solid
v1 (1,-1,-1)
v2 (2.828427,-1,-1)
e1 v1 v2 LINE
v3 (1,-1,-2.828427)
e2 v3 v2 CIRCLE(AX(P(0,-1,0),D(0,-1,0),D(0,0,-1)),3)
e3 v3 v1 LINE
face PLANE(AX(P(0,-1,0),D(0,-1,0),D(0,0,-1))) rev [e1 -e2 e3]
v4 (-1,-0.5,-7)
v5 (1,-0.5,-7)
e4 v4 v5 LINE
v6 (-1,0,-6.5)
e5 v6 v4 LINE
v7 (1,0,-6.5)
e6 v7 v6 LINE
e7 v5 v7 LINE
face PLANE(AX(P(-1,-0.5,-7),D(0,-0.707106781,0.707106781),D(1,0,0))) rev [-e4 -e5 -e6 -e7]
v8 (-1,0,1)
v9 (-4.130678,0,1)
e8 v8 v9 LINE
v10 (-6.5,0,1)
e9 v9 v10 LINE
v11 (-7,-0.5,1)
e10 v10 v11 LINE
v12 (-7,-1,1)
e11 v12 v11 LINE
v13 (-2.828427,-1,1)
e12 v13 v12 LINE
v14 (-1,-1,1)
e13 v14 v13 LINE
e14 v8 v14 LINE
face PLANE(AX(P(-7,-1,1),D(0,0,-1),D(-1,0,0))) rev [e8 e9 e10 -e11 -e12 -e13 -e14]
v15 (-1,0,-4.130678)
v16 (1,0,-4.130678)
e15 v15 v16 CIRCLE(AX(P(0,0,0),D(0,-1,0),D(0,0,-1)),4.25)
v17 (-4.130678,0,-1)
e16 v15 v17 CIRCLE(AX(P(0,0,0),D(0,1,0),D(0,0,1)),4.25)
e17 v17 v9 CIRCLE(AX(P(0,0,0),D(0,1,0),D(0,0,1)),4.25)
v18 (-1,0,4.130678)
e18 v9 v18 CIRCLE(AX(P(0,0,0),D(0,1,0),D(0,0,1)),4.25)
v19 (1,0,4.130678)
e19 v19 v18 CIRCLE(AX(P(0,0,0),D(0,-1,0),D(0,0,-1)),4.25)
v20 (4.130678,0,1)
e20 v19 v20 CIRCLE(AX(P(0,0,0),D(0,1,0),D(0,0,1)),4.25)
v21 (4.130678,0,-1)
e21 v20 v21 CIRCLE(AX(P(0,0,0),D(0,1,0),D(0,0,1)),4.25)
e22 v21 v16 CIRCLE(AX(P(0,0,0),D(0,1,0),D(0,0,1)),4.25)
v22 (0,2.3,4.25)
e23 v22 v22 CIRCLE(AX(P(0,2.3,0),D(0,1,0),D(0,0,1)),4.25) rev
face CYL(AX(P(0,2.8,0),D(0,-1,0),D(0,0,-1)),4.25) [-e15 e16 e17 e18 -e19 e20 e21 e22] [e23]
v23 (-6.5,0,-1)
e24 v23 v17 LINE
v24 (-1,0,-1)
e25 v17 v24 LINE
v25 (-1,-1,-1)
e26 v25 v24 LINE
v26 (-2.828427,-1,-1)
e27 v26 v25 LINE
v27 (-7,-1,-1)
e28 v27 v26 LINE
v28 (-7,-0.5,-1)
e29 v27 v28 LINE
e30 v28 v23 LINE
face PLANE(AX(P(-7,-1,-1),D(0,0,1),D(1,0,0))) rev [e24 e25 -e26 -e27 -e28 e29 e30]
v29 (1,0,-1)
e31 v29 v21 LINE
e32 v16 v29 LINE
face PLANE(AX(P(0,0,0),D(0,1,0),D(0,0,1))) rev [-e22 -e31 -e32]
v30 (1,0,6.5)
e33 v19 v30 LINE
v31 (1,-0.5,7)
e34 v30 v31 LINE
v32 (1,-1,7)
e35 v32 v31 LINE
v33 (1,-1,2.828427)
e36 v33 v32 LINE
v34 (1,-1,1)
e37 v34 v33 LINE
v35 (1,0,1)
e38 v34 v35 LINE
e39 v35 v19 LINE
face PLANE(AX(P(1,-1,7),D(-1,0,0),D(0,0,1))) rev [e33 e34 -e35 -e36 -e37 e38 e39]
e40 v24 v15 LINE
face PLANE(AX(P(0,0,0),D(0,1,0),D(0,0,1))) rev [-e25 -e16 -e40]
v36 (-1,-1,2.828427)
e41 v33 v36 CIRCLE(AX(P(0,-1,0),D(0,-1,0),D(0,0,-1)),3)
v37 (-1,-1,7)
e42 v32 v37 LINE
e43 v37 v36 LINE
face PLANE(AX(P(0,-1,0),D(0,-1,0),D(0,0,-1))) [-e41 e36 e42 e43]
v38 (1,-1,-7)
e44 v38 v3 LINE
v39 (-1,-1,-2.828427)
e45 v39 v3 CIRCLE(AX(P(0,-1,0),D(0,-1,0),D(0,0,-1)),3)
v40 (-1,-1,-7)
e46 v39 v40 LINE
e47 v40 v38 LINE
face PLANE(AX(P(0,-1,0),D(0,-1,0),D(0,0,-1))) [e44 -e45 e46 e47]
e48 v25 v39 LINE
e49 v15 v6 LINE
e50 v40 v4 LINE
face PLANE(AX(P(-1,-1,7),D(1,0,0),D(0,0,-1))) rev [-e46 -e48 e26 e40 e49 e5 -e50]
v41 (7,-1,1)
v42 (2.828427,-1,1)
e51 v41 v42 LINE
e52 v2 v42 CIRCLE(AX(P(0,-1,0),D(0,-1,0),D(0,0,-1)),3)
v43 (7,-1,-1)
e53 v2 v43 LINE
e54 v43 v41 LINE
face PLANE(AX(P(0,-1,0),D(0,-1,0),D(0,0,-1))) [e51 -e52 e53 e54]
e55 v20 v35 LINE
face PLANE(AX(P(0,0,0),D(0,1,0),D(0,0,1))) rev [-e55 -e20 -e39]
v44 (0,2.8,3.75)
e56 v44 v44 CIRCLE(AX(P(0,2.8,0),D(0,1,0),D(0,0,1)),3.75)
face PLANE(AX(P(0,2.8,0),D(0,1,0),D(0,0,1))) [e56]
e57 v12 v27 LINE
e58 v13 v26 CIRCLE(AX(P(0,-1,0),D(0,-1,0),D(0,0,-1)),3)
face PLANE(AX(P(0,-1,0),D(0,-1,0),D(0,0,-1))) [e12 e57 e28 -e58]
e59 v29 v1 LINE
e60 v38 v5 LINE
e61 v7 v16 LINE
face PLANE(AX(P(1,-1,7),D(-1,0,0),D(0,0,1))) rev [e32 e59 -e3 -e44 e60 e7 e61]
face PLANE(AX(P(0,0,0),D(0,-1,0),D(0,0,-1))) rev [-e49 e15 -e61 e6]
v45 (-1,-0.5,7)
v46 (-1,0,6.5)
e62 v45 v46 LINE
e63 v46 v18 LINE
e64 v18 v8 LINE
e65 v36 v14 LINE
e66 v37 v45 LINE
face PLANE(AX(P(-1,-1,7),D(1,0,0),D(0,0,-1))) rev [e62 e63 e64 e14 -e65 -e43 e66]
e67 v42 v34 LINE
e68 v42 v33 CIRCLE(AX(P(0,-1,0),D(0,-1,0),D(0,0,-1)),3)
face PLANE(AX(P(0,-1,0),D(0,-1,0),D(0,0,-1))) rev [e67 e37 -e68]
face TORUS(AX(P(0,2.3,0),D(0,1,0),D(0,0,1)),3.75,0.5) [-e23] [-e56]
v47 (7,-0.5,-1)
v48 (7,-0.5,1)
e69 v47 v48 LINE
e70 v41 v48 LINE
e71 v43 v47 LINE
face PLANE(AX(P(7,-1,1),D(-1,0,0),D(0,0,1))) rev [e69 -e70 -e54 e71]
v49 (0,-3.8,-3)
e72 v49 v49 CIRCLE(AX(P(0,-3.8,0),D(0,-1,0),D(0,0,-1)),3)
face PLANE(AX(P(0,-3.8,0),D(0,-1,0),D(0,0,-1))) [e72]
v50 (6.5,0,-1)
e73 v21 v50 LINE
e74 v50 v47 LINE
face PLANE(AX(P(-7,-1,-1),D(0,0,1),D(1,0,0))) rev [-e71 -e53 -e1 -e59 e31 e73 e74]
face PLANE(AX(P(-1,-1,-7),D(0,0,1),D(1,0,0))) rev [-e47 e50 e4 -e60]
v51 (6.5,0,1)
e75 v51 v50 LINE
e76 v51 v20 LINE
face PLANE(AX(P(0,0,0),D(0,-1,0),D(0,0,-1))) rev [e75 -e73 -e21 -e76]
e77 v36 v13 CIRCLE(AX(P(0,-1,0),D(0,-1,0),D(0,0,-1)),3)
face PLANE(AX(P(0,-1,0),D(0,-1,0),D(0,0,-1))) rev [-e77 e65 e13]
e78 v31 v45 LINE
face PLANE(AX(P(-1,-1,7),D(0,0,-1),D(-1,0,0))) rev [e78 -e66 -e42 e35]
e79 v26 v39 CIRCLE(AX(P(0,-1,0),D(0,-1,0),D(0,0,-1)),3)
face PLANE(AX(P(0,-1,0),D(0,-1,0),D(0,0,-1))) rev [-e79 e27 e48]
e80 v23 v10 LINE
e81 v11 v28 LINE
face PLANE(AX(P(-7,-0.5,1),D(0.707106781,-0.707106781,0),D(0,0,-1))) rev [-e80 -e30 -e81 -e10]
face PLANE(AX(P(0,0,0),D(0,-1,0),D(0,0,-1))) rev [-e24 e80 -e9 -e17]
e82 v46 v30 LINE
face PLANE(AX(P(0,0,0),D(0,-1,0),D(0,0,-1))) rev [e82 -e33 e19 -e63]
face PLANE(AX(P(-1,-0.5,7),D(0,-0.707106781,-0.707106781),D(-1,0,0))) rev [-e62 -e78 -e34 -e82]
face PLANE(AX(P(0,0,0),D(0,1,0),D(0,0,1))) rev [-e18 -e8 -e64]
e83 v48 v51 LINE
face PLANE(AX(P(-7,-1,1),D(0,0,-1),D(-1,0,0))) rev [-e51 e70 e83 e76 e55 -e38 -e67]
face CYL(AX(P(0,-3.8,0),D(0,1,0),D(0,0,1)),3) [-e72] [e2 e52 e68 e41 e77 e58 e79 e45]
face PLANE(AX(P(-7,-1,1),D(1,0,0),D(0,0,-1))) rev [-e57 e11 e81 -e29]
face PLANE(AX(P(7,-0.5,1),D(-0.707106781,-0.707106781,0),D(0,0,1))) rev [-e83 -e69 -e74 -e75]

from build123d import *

# Parameters (mm, degrees)
SKETCH_1_R      = 4.25
EXTRUDE_1_DEPTH = 2.8
FILLET_1_R      = 0.5
SKETCH_2_W      = 14
SKETCH_2_H      = 2
EXTRUDE_2_DEPTH = 1
SKETCH_3_W      = 2
SKETCH_3_H      = 14
EXTRUDE_3_DEPTH = 1
CHAMFER_1_SIZE  = 0.5
CHAMFER_2_SIZE  = 0.5
CHAMFER_3_SIZE  = 0.5
SKETCH_4_R      = 3
EXTRUDE_4_DEPTH = 2.8


with BuildPart() as part:
    # 草图1 → 凸台-拉伸1 (new body)
    with BuildSketch(Plane(origin=(0, 0, 0), x_dir=(1, 0, 0), z_dir=(0, 1, 0))):
        with Locations(Location((0, 0, 0), (0, 0, 270))):
            Circle(SKETCH_1_R)
    extrude(amount=EXTRUDE_1_DEPTH)

    # 圆角1
    fillet_1_edges = [part.edges().sort_by_distance(p)[0] for p in [
        (0, 2.8, -4.25),
    ]]
    fillet(fillet_1_edges, radius=FILLET_1_R)

    # 草图2 → 凸台-拉伸2 (add)
    with BuildSketch(Plane.XZ):
        Rectangle(SKETCH_2_W, SKETCH_2_H)
    extrude(amount=EXTRUDE_2_DEPTH)

    # 草图3 → 凸台-拉伸3 (add)
    with BuildSketch(Plane.XZ):
        Rectangle(SKETCH_3_W, SKETCH_3_H)
    extrude(amount=EXTRUDE_3_DEPTH)

    # 倒角1
    chamfer_1_edges = [part.edges().sort_by_distance(p)[0] for p in [
        (0, 0, 7),
    ]]
    chamfer(chamfer_1_edges, length=CHAMFER_1_SIZE)

    # 倒角2
    chamfer_2_edges = [part.edges().sort_by_distance(p)[0] for p in [
        (7, 0, 0),
    ]]
    chamfer(chamfer_2_edges, length=CHAMFER_2_SIZE)

    # 倒角3
    chamfer_3_edges = [part.edges().sort_by_distance(p)[0] for p in [
        (-7, 0, 0),
        (0, 0, -7),
    ]]
    chamfer(chamfer_3_edges, length=CHAMFER_3_SIZE)

    # 草图4 → 凸台-拉伸4 (add)
    with BuildSketch(Plane.XZ.offset(1)):
        with Locations(Location((0, 0, 0), (0, 0, 70.528779366))):
            Circle(SKETCH_4_R)
    extrude(amount=EXTRUDE_4_DEPTH)


solid = part.part
